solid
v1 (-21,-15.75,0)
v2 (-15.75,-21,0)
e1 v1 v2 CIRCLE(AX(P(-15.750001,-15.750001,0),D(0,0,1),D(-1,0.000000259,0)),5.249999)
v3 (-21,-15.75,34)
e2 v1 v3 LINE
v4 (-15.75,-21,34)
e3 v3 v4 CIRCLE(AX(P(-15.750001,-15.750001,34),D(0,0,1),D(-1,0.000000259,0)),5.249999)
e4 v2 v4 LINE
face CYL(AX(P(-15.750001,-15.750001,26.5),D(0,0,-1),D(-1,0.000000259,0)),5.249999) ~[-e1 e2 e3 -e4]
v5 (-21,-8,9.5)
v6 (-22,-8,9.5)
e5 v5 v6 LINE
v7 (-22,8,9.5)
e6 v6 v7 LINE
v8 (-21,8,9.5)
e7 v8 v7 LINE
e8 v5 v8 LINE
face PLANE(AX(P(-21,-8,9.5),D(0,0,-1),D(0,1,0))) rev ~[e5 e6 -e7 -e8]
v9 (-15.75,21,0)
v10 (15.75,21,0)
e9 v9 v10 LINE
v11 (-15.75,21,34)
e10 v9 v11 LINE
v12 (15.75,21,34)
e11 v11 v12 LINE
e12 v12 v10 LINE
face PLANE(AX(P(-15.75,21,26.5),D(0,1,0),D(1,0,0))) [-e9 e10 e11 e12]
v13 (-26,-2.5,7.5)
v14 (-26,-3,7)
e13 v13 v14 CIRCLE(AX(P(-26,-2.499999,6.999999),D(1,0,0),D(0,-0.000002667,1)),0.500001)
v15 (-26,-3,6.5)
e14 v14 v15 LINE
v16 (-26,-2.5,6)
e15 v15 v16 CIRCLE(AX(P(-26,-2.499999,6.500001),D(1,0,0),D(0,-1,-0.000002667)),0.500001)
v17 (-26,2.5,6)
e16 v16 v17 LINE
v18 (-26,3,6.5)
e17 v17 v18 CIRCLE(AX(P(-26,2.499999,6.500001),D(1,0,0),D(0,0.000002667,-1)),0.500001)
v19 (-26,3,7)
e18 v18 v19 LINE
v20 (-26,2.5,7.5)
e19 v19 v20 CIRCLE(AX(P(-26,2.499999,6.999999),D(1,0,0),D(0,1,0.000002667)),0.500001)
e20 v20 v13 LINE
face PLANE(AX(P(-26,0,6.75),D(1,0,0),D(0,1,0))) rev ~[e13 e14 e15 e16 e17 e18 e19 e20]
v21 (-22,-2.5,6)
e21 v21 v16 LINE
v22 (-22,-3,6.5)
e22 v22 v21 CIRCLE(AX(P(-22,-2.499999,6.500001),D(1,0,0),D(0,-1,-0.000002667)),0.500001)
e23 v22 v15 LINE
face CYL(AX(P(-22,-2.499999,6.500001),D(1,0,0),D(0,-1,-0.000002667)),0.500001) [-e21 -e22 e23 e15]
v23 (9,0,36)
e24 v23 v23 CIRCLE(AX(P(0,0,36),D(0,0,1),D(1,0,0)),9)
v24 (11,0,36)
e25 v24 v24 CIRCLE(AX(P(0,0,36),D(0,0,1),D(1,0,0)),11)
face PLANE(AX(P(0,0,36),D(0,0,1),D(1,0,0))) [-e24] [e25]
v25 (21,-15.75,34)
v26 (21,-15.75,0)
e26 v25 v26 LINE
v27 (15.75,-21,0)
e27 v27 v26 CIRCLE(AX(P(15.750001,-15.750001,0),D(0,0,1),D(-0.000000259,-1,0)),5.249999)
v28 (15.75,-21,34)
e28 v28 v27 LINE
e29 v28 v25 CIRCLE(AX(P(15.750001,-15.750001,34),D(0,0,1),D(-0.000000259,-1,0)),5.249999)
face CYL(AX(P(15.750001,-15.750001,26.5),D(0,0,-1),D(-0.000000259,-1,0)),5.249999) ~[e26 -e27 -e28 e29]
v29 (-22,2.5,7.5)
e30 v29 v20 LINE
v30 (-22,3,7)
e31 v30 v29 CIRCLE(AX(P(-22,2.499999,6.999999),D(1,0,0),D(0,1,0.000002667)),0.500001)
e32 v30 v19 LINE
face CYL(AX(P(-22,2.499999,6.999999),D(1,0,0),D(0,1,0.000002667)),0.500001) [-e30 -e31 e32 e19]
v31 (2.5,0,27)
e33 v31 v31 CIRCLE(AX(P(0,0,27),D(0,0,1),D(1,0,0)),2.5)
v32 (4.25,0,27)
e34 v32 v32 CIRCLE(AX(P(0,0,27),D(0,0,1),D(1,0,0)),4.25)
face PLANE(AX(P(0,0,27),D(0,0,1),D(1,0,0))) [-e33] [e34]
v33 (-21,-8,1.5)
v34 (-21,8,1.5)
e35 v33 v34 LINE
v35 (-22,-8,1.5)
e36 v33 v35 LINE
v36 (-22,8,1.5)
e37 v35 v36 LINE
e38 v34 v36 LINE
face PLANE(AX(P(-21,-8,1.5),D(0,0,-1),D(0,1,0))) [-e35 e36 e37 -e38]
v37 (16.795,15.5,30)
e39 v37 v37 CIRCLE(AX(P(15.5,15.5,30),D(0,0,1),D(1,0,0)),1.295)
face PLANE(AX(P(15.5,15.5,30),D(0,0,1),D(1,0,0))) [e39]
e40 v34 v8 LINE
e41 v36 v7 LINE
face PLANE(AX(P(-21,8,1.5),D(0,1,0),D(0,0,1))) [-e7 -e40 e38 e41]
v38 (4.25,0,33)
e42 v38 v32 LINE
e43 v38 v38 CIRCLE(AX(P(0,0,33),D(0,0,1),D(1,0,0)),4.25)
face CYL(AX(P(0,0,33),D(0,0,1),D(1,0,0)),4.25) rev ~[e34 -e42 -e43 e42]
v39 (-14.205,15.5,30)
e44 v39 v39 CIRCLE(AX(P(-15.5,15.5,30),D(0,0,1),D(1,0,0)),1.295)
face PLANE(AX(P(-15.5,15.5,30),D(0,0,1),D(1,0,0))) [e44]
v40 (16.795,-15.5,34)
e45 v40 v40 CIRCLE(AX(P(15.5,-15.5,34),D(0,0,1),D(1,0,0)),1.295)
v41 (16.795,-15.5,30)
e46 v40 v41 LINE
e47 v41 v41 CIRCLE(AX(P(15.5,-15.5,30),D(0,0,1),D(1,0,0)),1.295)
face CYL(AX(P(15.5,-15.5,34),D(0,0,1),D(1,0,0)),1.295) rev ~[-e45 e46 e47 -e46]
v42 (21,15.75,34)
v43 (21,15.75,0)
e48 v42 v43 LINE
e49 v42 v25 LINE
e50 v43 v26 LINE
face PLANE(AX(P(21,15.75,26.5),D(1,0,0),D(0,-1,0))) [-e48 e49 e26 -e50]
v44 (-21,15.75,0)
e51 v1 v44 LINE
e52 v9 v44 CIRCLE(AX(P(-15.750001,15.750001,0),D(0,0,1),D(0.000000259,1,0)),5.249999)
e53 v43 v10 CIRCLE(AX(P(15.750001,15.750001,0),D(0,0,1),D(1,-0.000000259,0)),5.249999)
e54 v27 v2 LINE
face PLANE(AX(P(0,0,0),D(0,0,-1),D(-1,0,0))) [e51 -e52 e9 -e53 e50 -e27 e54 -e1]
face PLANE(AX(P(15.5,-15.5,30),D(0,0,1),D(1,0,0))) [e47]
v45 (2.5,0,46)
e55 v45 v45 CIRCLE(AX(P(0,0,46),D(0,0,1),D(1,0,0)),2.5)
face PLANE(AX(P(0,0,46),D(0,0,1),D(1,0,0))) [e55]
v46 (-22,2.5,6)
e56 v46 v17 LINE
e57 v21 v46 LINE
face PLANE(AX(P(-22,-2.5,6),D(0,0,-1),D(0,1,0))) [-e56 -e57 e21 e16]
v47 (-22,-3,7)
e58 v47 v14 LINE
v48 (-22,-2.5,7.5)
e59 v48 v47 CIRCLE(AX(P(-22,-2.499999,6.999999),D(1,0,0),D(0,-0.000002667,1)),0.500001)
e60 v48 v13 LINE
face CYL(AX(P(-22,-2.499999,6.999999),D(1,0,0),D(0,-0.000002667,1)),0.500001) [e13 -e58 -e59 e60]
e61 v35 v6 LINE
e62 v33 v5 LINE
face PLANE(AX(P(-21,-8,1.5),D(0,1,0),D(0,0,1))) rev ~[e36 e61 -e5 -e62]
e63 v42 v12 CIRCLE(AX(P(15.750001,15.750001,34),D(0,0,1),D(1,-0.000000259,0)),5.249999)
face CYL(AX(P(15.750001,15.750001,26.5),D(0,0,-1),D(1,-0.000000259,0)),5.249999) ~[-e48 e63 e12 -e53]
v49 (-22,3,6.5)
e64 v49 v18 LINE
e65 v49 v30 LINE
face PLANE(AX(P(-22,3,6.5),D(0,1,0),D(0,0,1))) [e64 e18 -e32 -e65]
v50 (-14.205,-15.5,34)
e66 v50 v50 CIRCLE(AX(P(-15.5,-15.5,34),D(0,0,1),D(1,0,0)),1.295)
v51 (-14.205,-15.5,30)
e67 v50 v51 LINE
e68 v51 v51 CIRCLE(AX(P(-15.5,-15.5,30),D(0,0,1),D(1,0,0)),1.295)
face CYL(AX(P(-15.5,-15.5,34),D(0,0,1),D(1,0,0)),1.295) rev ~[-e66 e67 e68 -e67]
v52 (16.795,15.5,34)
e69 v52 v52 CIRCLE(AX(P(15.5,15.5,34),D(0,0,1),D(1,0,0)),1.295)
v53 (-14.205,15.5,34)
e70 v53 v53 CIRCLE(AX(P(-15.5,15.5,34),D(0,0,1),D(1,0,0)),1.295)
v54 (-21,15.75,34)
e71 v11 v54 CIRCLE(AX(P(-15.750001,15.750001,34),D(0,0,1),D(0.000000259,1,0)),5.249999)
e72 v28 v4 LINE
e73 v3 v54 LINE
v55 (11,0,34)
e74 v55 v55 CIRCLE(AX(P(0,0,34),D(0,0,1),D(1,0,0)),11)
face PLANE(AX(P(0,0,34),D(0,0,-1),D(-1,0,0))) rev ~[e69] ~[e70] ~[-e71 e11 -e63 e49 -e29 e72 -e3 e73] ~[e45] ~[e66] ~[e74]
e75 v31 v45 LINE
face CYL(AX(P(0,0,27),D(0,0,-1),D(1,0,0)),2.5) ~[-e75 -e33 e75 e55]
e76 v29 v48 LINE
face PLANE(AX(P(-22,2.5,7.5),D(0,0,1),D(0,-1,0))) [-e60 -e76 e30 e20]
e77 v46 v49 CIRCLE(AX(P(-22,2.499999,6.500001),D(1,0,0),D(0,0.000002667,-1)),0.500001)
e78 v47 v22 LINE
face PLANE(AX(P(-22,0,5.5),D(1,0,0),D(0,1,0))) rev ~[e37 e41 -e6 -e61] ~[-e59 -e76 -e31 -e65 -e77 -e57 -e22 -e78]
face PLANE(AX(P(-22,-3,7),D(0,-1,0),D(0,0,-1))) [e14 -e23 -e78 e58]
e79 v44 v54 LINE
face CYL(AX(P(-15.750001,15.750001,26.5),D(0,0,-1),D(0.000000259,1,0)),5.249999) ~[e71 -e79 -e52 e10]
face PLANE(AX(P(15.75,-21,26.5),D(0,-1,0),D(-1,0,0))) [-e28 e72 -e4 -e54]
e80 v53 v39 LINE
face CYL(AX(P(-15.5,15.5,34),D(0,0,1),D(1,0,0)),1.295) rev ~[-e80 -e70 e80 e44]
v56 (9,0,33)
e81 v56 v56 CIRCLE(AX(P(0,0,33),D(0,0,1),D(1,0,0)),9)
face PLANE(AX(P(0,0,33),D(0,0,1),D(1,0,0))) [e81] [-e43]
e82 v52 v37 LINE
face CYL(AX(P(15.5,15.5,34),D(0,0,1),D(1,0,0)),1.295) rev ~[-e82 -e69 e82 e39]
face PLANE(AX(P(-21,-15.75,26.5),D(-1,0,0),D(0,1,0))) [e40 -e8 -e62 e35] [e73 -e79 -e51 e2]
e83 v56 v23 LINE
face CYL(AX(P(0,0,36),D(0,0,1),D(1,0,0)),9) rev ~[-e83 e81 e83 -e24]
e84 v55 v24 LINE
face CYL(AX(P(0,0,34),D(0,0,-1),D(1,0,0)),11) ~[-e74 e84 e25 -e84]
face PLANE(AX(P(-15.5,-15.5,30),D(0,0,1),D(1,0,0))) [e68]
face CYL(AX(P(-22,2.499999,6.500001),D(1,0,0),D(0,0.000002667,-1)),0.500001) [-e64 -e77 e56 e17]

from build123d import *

# Parameters (mm, degrees)
PAD007_DEPTH    = 4
SKETCH010_W     = 16
SKETCH010_H     = 8
PAD006_DEPTH    = 1
SKETCH008_R     = 2.5
PAD004_DEPTH    = 19
SKETCH006_R     = 11
PAD003_DEPTH    = 2
SKETCH007_R     = 9
POCKET003_DEPTH = 2
PAD002_DEPTH    = 7.5
SKETCH003_R     = 9
POCKET_DEPTH    = 1
SKETCH004_R     = 4.25
POCKET001_DEPTH = 6
SKETCH005_R     = 1.295
POCKET002_DEPTH = 4
PAD001_DEPTH    = 17
PAD_DEPTH       = 9.5


with BuildPart() as pad007:
    # Sketch011 → Pad007 (new body)
    with BuildSketch(Plane.YZ.offset(-22)):
        with BuildLine():
            Line((2.5, 7.5), (-2.5, 7.5))
            ThreePointArc((-2.5, 7.5), (-2.853553, 7.353553), (-3, 7))
            Line((-3, 7), (-3, 6.5))
            ThreePointArc((-3, 6.5), (-2.853553, 6.146447), (-2.5, 6))
            Line((-2.5, 6), (2.5, 6))
            ThreePointArc((2.5, 6), (2.853553, 6.146447), (3, 6.5))
            Line((3, 6.5), (3, 7))
            ThreePointArc((3, 7), (2.853553, 7.353553), (2.5, 7.5))
        make_face()
    extrude(amount=-PAD007_DEPTH)


with BuildPart() as pad006:
    # Sketch010 → Pad006 (new body)
    with BuildSketch(Plane.YZ.offset(-21)):
        with Locations((0, 5.5)):
            Rectangle(SKETCH010_W, SKETCH010_H)
    extrude(amount=-PAD006_DEPTH)


with BuildPart() as pad004:
    # Sketch008 → Pad004 (new body)
    with BuildSketch(Plane.XY.offset(27)):
        Circle(SKETCH008_R)
    extrude(amount=PAD004_DEPTH)


with BuildPart() as fusion001:
    # Sketch006 → Pad003 (new body)
    with BuildSketch(Plane.XY.offset(34)):
        Circle(SKETCH006_R)
    extrude(amount=PAD003_DEPTH)

    # Sketch007 → Pocket003 (cut)
    with BuildSketch(Plane.XY.offset(36)):
        Circle(SKETCH007_R)
    extrude(amount=-POCKET003_DEPTH, mode=Mode.SUBTRACT)

    # Fusion001: union Pad004
    add(pad004.part)


with BuildPart() as f_6mm:
    # Sketch002 → Pad002 (new body)
    with BuildSketch(Plane.XY.offset(26.5)):
        with BuildLine():
            Line((-15.75, 21), (15.75, 21))
            ThreePointArc((21, 15.75), (19.462311, 19.462311), (15.75, 21))
            Line((21, 15.75), (21, -15.75))
            ThreePointArc((15.75, -21), (19.462311, -19.462311), (21, -15.75))
            Line((15.75, -21), (-15.75, -21))
            ThreePointArc((-21, -15.75), (-19.462311, -19.462311), (-15.75, -21))
            Line((-21, -15.75), (-21, 15.75))
            ThreePointArc((-15.75, 21), (-19.462311, 19.462311), (-21, 15.75))
        make_face()
    extrude(amount=PAD002_DEPTH)

    # Sketch003 → Pocket (cut)
    with BuildSketch(Plane.XY.offset(34)):
        Circle(SKETCH003_R)
    extrude(amount=-POCKET_DEPTH, mode=Mode.SUBTRACT)

    # Sketch004 → Pocket001 (cut)
    with BuildSketch(Plane.XY.offset(33)):
        Circle(SKETCH004_R)
    extrude(amount=-POCKET001_DEPTH, mode=Mode.SUBTRACT)


with BuildPart() as m3:
    # Pocket002 base: copy of 上面6mm深
    add(f_6mm.part)

    # Sketch005 → Pocket002 (cut)
    with BuildSketch(Plane.XY.offset(34)):
        with Locations((15.5, 15.5)):
            Circle(SKETCH005_R)
        with Locations((-15.5, 15.5)):
            Circle(SKETCH005_R)
        with Locations((-15.5, -15.5)):
            Circle(SKETCH005_R)
        with Locations((15.5, -15.5)):
            Circle(SKETCH005_R)
    extrude(amount=-POCKET002_DEPTH, mode=Mode.SUBTRACT)


with BuildPart() as fusion002:
    # Common base: copy of 上面6mm深
    add(f_6mm.part)

    # Common: intersect M3ネジ穴
    add(m3.part, mode=Mode.INTERSECT)

    # Fusion002: union Fusion001
    add(fusion001.part)


with BuildPart() as pad001:
    # Sketch001 → Pad001 (new body)
    with BuildSketch(Plane.XY.offset(9.5)):
        with BuildLine():
            Line((-15.75, 21), (15.75, 21))
            ThreePointArc((21, 15.75), (19.462311, 19.462311), (15.75, 21))
            Line((21, 15.75), (21, -15.75))
            ThreePointArc((15.75, -21), (19.462311, -19.462311), (21, -15.75))
            Line((15.75, -21), (-15.75, -21))
            ThreePointArc((-21, -15.75), (-19.462311, -19.462311), (-15.75, -21))
            Line((-21, -15.75), (-21, 15.75))
            ThreePointArc((-15.75, 21), (-19.462311, 19.462311), (-21, 15.75))
        make_face()
    extrude(amount=PAD001_DEPTH)


with BuildPart() as fusion005:
    # Sketch → Pad (new body)
    with BuildSketch(Plane.XY):
        with BuildLine():
            Line((-15.75, 21), (15.75, 21))
            ThreePointArc((21, 15.75), (19.462311, 19.462311), (15.75, 21))
            Line((21, 15.75), (21, -15.75))
            ThreePointArc((15.75, -21), (19.462311, -19.462311), (21, -15.75))
            Line((15.75, -21), (-15.75, -21))
            ThreePointArc((-21, -15.75), (-19.462311, -19.462311), (-15.75, -21))
            Line((-21, -15.75), (-21, 15.75))
            ThreePointArc((-15.75, 21), (-19.462311, 19.462311), (-21, 15.75))
        make_face()
    extrude(amount=PAD_DEPTH)

    # Fusion: union Pad001
    add(pad001.part)

    # Fusion003: union Fusion002
    add(fusion002.part)

    # Fusion004: union Pad006
    add(pad006.part)

    # Fusion005: union Pad007
    add(pad007.part)


solid = fusion005.part
